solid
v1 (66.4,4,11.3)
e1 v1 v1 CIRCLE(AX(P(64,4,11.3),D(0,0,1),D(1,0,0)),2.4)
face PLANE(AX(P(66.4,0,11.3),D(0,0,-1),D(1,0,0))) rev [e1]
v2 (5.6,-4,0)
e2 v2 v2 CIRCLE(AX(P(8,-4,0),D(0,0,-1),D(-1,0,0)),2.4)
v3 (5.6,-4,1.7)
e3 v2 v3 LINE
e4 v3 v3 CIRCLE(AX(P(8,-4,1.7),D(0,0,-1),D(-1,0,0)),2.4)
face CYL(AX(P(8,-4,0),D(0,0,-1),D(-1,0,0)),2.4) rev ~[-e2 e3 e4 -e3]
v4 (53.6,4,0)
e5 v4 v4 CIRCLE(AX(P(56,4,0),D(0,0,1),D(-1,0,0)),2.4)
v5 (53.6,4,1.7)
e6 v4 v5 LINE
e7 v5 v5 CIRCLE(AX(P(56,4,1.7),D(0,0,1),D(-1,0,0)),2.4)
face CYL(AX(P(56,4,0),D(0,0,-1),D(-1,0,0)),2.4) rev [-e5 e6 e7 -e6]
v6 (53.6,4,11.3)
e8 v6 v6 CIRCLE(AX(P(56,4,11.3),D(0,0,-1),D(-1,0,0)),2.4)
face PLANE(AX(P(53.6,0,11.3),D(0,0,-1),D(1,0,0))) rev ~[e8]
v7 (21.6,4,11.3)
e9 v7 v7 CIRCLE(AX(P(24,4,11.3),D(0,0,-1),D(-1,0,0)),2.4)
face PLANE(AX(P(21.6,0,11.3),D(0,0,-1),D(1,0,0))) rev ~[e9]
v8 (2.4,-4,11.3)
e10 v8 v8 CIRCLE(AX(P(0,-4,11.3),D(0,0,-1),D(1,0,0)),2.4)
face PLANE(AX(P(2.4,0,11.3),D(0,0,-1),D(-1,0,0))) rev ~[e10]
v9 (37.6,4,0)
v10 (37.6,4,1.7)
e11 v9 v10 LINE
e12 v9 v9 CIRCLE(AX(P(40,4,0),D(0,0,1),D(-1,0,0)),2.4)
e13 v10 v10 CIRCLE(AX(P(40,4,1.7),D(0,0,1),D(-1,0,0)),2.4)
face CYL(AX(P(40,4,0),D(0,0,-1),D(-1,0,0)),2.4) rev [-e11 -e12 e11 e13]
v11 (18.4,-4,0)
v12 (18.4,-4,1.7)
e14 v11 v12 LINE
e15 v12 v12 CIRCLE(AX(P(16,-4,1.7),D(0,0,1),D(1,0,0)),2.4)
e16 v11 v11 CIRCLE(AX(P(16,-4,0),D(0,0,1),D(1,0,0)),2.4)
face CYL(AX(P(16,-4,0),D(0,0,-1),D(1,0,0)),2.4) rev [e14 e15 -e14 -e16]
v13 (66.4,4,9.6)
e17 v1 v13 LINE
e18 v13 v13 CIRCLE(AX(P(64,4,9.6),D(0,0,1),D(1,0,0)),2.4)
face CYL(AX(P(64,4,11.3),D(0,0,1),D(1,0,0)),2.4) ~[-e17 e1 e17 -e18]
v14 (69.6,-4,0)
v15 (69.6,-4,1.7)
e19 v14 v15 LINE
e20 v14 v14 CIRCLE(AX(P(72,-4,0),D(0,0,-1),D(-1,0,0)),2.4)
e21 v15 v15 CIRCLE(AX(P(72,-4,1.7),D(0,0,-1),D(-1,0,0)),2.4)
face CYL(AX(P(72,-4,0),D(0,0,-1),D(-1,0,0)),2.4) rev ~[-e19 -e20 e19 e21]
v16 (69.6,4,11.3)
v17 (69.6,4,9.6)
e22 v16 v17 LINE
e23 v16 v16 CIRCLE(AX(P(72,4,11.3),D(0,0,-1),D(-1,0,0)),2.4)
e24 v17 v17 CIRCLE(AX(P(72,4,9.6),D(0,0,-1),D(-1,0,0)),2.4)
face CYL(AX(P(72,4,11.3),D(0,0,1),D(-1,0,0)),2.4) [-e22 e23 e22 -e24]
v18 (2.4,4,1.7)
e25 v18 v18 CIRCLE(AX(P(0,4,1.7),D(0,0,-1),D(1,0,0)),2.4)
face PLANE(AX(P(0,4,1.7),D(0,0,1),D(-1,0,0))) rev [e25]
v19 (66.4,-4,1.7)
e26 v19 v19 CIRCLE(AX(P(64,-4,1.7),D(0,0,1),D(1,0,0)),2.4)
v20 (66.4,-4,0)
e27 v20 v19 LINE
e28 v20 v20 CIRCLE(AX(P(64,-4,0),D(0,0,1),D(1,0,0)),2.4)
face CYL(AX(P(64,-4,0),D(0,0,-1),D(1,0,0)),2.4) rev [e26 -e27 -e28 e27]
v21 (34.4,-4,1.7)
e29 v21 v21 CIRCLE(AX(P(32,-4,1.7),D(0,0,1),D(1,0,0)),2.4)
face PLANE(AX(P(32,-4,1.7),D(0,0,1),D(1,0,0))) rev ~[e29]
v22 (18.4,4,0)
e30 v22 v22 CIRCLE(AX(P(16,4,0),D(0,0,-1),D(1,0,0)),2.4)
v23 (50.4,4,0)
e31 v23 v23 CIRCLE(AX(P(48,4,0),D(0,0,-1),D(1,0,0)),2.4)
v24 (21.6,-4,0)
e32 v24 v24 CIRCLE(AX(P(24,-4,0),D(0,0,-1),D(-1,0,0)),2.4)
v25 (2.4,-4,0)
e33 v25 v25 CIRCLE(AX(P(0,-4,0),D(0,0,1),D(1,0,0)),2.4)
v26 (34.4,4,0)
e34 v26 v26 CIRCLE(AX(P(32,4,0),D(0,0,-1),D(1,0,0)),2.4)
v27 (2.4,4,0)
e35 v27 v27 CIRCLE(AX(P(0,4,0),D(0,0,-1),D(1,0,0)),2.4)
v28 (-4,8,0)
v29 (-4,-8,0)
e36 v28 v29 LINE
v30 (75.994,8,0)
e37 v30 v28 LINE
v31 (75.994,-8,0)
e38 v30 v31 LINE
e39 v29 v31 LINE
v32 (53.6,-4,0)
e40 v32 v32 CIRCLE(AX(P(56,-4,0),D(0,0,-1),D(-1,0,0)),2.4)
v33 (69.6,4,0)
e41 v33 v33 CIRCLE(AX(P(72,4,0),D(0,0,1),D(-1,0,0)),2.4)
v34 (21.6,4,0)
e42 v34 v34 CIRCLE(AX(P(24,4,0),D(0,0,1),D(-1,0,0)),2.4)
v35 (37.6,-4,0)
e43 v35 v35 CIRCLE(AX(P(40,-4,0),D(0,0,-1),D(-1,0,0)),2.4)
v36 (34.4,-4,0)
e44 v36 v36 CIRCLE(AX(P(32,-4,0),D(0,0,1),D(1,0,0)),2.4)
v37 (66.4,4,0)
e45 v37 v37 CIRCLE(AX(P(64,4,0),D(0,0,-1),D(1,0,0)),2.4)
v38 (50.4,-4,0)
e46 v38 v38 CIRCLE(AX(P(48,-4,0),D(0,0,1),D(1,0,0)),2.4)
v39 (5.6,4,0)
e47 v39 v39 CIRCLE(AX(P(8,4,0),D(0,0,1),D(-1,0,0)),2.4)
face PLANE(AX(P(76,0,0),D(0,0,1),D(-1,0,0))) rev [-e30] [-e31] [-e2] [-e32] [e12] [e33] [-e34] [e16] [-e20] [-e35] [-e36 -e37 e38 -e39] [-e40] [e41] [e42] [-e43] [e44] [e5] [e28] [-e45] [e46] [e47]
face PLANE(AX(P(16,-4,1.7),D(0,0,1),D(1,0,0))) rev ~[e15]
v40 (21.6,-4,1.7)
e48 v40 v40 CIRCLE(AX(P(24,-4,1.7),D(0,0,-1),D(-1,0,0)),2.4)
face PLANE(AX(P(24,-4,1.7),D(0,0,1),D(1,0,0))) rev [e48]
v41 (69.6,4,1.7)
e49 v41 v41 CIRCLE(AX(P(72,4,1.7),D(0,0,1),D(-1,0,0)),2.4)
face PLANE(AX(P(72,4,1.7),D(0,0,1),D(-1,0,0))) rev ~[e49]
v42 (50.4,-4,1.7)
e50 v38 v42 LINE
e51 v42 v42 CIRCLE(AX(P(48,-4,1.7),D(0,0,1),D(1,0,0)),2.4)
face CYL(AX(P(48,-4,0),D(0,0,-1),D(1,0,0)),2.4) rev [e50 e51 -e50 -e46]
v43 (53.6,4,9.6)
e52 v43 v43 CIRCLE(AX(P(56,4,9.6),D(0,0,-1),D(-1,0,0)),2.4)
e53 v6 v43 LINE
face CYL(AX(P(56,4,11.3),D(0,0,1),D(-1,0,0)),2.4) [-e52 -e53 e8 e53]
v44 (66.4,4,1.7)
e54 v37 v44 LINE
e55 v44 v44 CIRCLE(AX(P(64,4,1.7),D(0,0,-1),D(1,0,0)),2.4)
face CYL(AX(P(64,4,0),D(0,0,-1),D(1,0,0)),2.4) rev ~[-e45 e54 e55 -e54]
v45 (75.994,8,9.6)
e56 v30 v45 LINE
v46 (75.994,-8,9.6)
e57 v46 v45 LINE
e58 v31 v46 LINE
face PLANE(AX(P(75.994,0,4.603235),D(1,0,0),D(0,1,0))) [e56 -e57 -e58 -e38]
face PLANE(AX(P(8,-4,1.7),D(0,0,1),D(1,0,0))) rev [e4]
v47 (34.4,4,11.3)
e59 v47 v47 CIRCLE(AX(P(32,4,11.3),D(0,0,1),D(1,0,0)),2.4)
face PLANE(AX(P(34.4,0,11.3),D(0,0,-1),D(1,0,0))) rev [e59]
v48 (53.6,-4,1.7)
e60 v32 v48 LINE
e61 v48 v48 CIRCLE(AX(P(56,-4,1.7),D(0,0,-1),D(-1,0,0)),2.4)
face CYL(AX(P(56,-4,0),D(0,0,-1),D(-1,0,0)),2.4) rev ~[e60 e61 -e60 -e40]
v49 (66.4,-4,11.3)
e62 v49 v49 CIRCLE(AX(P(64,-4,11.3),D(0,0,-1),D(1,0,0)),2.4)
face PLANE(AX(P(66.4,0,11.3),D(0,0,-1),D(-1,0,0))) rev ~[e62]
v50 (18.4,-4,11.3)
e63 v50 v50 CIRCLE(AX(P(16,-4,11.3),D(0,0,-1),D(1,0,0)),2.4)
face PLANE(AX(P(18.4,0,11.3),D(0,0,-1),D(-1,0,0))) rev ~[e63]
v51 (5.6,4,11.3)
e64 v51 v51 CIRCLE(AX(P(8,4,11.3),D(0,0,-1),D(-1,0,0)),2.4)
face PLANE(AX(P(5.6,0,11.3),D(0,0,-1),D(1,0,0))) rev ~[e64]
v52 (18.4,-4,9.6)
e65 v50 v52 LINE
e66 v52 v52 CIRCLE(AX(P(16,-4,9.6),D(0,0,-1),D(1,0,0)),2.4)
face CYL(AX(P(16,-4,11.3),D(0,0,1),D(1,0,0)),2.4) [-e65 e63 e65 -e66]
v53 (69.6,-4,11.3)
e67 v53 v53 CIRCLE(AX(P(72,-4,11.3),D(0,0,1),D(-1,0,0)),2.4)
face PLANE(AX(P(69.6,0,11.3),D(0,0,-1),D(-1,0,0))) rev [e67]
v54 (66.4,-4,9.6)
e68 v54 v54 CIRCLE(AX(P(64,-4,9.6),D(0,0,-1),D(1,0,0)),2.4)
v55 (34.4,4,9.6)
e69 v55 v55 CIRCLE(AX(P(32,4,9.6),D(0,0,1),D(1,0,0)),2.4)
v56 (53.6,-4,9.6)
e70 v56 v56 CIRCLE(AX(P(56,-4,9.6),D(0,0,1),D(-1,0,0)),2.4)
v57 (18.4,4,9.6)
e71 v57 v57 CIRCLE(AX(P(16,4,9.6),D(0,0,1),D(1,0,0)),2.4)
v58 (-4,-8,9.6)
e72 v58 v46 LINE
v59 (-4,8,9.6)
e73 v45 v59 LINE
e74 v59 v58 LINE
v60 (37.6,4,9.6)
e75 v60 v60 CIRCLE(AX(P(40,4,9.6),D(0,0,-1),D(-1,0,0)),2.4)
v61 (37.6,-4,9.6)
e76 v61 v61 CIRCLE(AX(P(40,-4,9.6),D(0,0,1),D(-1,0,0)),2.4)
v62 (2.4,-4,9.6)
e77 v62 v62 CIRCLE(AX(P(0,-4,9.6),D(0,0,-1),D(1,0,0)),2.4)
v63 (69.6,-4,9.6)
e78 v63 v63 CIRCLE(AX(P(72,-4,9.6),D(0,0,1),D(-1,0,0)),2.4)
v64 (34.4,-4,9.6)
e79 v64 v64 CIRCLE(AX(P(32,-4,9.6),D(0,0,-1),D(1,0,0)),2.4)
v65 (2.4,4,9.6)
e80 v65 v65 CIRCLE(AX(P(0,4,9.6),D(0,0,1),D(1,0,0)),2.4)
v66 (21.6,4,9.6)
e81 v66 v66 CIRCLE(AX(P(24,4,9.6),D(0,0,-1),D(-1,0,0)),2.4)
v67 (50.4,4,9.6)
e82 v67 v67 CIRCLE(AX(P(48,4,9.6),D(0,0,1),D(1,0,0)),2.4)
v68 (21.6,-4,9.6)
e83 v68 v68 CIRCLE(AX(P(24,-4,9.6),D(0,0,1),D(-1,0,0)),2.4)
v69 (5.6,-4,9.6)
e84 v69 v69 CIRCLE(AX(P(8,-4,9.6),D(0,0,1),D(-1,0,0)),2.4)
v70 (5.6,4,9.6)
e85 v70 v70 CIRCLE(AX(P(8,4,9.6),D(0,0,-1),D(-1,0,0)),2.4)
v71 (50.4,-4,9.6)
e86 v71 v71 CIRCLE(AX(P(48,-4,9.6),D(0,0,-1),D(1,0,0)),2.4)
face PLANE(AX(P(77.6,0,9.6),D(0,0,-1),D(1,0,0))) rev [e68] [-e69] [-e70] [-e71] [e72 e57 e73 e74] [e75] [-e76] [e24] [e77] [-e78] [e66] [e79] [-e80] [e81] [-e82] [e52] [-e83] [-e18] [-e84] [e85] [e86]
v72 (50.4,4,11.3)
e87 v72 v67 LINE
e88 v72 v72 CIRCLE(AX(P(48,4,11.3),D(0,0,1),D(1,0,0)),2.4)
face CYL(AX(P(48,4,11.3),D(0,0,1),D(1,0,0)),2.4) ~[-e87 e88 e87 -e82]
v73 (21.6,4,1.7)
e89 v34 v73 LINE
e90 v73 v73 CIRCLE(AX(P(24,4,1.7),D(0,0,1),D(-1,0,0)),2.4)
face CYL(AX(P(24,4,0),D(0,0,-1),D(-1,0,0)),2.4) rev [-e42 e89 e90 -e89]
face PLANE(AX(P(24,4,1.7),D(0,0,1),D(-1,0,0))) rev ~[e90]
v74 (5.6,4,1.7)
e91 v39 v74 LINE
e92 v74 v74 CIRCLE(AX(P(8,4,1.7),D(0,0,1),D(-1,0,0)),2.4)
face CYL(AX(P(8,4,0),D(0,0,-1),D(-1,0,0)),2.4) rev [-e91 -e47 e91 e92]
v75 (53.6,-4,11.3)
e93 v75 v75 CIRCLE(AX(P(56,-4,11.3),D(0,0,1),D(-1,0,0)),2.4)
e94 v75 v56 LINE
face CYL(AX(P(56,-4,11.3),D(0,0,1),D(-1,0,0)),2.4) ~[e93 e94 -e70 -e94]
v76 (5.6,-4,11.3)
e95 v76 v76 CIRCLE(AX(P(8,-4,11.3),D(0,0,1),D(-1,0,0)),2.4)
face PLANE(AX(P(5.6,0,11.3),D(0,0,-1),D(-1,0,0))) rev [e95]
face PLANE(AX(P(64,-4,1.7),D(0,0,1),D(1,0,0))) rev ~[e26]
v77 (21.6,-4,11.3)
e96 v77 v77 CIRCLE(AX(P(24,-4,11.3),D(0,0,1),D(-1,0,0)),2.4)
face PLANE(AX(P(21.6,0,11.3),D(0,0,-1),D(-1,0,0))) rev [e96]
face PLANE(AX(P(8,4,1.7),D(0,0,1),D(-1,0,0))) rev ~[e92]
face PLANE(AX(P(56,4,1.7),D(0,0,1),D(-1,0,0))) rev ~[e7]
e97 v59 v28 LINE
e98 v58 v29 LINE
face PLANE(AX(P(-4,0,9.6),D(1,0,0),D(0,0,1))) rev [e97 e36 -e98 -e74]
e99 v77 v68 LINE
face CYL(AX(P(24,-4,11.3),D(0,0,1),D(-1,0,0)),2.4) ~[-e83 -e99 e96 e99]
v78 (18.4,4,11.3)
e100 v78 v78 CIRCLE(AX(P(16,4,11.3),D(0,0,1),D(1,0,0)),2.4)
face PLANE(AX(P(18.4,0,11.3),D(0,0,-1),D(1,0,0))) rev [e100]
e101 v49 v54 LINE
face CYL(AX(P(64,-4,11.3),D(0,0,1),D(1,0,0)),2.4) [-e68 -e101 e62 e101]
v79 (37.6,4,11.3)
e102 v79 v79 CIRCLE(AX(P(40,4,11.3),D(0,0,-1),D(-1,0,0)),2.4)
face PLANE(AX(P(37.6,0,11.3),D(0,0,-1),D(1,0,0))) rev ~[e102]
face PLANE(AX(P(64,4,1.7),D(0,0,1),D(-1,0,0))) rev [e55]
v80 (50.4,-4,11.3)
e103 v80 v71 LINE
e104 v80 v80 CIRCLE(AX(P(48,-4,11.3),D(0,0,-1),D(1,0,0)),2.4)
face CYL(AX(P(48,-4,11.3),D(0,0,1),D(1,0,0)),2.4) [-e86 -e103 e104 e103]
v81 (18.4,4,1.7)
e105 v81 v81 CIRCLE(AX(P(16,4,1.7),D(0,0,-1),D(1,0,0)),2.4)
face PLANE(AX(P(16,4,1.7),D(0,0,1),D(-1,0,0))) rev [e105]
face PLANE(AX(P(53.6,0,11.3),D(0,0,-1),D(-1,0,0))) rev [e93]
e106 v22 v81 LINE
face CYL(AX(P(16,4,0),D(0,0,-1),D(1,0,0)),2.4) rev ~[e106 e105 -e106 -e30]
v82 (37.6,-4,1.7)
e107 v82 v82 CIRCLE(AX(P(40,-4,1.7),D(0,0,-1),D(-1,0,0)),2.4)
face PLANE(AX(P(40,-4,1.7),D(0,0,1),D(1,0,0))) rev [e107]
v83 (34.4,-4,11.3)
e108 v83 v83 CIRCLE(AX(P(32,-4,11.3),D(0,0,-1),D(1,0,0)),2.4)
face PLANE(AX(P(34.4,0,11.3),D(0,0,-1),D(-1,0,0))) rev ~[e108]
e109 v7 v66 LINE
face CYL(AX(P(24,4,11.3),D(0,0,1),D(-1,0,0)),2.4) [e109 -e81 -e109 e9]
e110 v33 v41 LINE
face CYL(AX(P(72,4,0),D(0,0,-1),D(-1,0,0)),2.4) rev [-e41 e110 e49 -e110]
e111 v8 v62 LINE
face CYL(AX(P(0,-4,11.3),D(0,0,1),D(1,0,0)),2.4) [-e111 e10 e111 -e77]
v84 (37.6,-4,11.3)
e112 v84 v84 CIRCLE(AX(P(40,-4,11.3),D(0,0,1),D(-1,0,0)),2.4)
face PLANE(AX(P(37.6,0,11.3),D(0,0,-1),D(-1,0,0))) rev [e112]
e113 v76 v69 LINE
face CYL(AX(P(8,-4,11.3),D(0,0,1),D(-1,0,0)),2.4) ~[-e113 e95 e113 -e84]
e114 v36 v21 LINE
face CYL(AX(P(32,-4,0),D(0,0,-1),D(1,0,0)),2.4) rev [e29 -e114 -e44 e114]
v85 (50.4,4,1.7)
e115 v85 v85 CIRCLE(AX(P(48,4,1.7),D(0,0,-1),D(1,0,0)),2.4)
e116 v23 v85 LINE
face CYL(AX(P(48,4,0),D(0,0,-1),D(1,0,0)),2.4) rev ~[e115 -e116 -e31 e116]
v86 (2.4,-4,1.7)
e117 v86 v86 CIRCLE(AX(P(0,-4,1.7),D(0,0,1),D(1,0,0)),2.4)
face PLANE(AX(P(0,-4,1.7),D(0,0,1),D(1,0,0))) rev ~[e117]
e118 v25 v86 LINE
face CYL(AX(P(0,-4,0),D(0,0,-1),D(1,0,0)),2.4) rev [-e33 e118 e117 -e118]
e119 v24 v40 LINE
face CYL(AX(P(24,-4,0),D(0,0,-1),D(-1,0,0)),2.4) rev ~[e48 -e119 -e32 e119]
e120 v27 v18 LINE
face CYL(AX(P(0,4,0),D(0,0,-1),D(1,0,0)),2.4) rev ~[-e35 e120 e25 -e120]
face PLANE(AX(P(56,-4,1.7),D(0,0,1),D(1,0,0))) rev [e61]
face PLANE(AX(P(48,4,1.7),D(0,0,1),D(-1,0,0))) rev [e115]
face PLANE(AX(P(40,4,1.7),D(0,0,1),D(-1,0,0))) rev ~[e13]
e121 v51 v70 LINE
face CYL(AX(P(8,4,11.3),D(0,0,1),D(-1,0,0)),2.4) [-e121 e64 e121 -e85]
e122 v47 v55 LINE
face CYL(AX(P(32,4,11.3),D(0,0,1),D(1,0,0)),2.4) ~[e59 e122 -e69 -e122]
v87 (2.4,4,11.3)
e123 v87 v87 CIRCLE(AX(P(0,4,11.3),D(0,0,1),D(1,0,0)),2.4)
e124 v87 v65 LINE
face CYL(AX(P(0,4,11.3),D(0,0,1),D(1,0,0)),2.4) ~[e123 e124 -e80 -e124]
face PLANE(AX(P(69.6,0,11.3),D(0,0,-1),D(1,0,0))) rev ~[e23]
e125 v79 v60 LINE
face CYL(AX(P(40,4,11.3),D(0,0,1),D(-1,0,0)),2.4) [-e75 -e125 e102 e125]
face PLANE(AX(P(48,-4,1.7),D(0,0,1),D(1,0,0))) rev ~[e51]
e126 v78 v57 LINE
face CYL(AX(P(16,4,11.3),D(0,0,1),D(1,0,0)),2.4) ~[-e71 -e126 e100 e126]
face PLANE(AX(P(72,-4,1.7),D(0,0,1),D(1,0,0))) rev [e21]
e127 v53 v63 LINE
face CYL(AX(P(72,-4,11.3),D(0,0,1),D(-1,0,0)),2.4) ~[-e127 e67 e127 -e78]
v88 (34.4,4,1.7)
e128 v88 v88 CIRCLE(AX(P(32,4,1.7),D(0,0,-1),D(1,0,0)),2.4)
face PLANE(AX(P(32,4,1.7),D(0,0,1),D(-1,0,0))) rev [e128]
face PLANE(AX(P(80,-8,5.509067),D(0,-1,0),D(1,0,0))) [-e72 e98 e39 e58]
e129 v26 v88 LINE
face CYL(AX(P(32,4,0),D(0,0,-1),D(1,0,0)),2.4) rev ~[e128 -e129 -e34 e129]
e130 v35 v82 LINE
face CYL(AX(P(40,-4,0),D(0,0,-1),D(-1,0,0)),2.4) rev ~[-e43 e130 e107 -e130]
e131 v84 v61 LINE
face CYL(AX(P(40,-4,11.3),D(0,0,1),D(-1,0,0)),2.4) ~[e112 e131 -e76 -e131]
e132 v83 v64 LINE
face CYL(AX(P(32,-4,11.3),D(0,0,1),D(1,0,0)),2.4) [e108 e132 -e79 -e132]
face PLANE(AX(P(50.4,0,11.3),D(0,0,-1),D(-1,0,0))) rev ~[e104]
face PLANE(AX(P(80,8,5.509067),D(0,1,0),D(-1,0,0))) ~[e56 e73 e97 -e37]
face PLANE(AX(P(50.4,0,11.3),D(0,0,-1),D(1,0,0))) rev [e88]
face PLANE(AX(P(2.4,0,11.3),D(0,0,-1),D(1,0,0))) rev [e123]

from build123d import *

# Parameters (mm, degrees)
F1_DEPTH  = 8
F3_W      = 8
F3_H      = 8
F3_R      = 2.4
F4_DEPTH  = 1.7
F5_R      = 2.4
F6_DEPTH  = 1.7
F15_W     = 30.2577763796
F15_H     = 33.55890885
F16_DEPTH = 48.006


with BuildPart() as f1:
    # F0 (on Front) → F1 (new body)
    with BuildSketch(Plane.XZ):
        Polygon((-2.4, 9.6), (-4, 9.6), (-4, 0), (4, 0), (4, 9.6), (2.4, 9.6), (2.4, 11.3), (-2.4, 11.3), align=None)
    extrude(amount=F1_DEPTH)

    # F3 (on plane+point) → F4 (cut, through all)
    with BuildSketch(Plane.XY.offset(11.3)):
        with Locations((0, -4)):
            Rectangle(F3_W, F3_H)
        with Locations((0, -4)):
            Circle(F3_R, mode=Mode.SUBTRACT)
    extrude(amount=-F4_DEPTH, mode=Mode.SUBTRACT)

    # F5 (on Top) → F6 (cut)
    with BuildSketch(Plane.XY):
        with Locations((0, -4)):
            Circle(F5_R)
    extrude(amount=F6_DEPTH, mode=Mode.SUBTRACT)

    # F8: F1 across plane


with BuildPart() as f1_1:
    add(f1.part)
    add(f1.part.mirror(Plane.YZ.offset(4)))

    # F9: F1 across plane


with BuildPart() as f1_2:
    add(f1_1.part)
    add(f1_1.part.mirror(Plane.XZ))

    # F11: F1 across plane


with BuildPart() as f1_3:
    add(f1_2.part)
    add(f1_2.part.mirror(Plane.YZ.offset(12)))

    # F12: F1 across face


with BuildPart() as f1_4:
    add(f1_3.part)
    add(f1_3.part.mirror(Plane(origin=(28, 0, 4.8), x_dir=(0, 1, 0), z_dir=(1, 0, 0))))

    # F13: F1 across face


with BuildPart() as f1_5:
    add(f1_4.part)
    add(f1_4.part.mirror(Plane(origin=(60, 0, 4.8), x_dir=(0, 1, 0), z_dir=(1, 0, 0))))

    # F15 (on offset) → F16 (cut)
    with BuildSketch(Plane.YZ.offset(124)):
        with Locations((0, 4.603235051)):
            Rectangle(F15_W, F15_H)
    extrude(amount=-F16_DEPTH, mode=Mode.SUBTRACT)


solid = f1_5.part
